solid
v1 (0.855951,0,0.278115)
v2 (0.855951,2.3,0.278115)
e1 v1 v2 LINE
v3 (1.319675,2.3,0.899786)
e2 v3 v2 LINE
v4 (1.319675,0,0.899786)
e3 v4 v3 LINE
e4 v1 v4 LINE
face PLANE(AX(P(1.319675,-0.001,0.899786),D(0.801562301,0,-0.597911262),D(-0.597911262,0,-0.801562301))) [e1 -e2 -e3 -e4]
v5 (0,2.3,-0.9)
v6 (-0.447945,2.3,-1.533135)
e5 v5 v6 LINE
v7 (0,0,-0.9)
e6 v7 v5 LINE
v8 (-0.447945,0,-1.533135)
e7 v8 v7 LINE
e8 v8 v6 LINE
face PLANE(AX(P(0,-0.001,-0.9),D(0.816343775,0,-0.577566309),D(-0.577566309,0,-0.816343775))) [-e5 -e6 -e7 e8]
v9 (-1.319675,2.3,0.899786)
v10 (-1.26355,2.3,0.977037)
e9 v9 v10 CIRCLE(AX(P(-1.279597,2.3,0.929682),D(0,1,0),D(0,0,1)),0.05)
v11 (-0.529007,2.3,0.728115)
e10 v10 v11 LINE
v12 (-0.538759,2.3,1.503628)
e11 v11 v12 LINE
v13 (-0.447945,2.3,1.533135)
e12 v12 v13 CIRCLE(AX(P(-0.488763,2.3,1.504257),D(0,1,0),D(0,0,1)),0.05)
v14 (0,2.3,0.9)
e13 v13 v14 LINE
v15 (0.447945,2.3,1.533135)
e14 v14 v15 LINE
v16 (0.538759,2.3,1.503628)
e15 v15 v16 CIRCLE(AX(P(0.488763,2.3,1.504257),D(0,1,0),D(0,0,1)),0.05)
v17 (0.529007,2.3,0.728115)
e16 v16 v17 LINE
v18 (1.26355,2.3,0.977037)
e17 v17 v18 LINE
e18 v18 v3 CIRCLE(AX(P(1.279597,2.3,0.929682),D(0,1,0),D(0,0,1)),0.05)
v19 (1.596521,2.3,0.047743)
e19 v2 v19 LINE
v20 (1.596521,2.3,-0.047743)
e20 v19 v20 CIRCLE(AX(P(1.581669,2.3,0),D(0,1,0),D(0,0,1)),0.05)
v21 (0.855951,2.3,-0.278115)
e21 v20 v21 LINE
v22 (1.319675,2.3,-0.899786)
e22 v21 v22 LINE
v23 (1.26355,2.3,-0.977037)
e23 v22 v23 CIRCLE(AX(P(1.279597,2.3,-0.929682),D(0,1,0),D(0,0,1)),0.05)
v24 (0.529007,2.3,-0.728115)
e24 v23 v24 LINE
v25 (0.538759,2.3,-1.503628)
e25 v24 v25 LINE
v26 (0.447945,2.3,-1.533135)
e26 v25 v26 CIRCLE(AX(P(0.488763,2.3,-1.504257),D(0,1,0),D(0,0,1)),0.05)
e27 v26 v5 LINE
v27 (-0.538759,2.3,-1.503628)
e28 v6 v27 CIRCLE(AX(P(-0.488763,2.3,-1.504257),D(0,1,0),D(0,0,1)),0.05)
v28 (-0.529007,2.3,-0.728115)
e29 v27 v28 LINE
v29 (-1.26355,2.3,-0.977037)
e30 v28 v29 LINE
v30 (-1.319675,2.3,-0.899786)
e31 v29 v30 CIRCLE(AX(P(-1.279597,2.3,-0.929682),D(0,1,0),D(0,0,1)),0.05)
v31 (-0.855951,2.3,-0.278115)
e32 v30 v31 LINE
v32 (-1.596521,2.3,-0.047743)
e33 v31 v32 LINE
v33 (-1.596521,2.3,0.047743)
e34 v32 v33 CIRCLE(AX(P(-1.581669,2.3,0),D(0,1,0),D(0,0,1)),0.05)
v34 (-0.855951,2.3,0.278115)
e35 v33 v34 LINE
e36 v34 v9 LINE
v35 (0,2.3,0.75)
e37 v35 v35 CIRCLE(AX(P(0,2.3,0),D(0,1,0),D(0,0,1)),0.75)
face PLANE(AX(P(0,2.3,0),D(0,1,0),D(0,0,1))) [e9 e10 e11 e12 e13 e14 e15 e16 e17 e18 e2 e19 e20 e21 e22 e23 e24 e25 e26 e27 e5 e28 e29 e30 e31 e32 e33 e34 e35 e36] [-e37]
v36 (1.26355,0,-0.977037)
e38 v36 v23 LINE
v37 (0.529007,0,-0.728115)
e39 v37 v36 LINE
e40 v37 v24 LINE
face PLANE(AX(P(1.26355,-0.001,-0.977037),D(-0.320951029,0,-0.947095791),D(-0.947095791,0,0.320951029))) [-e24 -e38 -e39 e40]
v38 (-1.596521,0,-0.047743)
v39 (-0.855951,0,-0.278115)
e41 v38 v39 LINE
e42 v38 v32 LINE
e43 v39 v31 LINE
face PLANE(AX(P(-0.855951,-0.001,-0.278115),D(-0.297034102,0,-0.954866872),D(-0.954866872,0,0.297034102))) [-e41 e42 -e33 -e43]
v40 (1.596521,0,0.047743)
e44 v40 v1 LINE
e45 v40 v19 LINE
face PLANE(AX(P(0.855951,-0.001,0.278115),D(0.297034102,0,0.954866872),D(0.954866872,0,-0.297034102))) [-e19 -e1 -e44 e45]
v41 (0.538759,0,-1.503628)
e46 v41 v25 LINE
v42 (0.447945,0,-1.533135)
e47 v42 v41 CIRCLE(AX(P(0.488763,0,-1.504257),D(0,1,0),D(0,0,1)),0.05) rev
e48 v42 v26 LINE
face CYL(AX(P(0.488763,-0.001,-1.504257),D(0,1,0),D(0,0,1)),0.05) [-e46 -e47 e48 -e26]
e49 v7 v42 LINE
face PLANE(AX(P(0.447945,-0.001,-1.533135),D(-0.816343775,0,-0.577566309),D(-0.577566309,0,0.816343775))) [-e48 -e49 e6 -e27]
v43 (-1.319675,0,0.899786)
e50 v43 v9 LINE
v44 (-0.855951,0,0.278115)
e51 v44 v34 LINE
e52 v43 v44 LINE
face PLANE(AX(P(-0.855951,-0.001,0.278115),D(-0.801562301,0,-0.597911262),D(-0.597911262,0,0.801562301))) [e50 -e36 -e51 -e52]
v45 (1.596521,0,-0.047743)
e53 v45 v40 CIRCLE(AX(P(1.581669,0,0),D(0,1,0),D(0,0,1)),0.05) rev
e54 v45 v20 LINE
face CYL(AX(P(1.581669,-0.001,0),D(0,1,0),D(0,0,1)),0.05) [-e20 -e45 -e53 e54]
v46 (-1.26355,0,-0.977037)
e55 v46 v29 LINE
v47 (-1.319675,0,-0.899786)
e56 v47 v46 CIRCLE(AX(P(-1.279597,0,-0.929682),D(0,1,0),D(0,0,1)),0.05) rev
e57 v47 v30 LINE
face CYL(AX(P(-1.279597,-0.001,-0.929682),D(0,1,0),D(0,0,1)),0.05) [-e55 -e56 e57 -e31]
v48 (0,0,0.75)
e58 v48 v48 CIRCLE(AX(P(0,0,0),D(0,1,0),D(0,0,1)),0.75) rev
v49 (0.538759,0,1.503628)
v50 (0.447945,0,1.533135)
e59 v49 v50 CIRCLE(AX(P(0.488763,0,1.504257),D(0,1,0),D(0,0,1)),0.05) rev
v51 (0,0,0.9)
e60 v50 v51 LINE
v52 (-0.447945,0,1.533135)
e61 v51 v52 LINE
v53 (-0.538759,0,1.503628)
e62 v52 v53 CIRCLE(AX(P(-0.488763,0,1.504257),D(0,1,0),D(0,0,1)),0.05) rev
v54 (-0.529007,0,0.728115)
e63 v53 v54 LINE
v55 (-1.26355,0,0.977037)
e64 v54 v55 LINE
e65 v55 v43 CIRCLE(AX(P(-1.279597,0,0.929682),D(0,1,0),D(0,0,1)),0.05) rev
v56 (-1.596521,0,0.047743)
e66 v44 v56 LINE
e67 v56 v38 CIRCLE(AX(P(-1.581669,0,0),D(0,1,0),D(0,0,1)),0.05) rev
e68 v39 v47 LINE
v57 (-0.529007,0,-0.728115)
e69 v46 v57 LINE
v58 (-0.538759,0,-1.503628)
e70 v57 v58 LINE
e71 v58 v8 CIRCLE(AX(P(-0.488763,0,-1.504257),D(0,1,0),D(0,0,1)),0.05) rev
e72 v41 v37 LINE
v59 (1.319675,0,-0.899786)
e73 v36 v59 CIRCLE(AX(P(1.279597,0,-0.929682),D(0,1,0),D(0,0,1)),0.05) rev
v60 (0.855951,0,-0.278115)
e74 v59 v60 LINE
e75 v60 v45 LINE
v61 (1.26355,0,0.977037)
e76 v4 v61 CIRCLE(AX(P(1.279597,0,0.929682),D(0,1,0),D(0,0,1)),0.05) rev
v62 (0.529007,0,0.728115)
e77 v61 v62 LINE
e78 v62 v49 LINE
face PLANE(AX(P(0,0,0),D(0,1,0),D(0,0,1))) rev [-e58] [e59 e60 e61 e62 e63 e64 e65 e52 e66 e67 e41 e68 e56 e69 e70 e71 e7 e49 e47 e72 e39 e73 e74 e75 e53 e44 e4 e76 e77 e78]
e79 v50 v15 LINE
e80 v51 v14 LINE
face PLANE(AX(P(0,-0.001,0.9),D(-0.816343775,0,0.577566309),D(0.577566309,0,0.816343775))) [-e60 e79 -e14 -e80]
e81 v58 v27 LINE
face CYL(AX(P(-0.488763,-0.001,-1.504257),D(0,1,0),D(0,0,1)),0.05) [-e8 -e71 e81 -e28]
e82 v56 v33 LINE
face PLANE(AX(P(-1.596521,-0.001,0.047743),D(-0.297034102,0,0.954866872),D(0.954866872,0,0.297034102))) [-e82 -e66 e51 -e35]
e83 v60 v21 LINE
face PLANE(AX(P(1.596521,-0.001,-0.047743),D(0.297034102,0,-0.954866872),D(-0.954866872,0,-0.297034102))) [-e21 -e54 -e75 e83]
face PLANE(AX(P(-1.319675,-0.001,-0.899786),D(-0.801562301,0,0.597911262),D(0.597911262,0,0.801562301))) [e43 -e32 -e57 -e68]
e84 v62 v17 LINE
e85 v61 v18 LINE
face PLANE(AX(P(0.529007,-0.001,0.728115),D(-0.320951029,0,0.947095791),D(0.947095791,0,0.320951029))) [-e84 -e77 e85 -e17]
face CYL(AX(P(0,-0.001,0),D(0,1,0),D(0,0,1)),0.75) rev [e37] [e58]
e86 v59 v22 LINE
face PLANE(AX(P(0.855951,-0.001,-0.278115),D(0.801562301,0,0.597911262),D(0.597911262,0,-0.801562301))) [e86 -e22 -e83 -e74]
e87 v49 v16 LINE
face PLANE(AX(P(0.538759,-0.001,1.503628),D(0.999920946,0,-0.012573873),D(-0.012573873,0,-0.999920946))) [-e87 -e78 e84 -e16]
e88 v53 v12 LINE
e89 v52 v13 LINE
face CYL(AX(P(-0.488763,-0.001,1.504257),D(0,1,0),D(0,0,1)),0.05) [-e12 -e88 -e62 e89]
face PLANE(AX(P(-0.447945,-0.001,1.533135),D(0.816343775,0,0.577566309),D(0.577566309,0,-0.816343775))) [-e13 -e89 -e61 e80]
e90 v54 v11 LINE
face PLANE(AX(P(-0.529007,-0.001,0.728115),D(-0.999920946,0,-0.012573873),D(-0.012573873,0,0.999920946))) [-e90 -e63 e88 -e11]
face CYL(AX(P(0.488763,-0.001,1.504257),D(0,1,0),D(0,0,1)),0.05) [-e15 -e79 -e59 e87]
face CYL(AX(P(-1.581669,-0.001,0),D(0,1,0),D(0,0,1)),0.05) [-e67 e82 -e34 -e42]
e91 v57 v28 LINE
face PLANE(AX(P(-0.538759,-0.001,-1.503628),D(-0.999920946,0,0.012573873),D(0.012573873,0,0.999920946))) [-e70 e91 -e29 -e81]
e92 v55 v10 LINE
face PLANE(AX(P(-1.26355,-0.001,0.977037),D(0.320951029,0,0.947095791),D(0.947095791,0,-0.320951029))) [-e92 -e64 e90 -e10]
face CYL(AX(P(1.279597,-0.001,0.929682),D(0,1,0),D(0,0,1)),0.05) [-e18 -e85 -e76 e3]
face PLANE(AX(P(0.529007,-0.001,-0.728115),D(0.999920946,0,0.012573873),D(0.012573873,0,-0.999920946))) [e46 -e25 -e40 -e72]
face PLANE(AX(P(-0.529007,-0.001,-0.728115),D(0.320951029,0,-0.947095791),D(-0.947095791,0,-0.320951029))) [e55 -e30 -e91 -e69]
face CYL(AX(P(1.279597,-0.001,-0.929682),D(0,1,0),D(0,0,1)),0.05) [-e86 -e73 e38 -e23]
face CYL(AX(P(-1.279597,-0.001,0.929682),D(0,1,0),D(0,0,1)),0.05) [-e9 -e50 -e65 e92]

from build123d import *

# Parameters (mm, degrees)
SKETCH_1_R          = 1.75
EXTRUDE_1_DEPTH     = 2.3
SKETCH_2_OUTSIDE_W  = 6.592
SKETCH_2_OUTSIDE_H  = 6.592
SKETCH_2_OUTSIDE_R  = 0.75
CUT_EXTRUDE_2_DEPTH = 2.3


with BuildPart() as part:
    # 草圖1 → 伸長1 (new body)
    with BuildSketch(Plane(origin=(0, 0, 0), x_dir=(1, 0, 0), z_dir=(0, 1, 0))):
        with Locations(Location((0, 0, 0), (0, 0, 270))):
            Circle(SKETCH_1_R)
    extrude(amount=EXTRUDE_1_DEPTH)

    # 草圖2 outside → 伸長2 (cut)
    # profile 1 of 2: a face of its own
    with BuildSketch(Plane(origin=(0, 2.3, 0), x_dir=(1, 0, 0), z_dir=(0, 1, 0))):
        Rectangle(SKETCH_2_OUTSIDE_W, SKETCH_2_OUTSIDE_H)
        with BuildLine():
            Line((0.529006727, 0.728115295), (0.538758697, 1.503628067))
            ThreePointArc((0.538758697, 1.503628067), (0.504213499, 1.551809586), (0.447945461, 1.533135076))
            Line((0.447945461, 1.533135076), (0, 0.9))
            Line((0, 0.9), (-0.447945461, 1.533135076))
            ThreePointArc((-0.447945461, 1.533135076), (-0.504213499, 1.551809586), (-0.538758697, 1.503628067))
            Line((-0.538758697, 1.503628067), (-0.529006727, 0.728115295))
            Line((-0.529006727, 0.728115295), (-1.263549678, 0.977036595))
            ThreePointArc((-1.263549678, 0.977036595), (-1.320048079, 0.959071069), (-1.319675344, 0.899786243))
            Line((-1.319675344, 0.899786243), (-0.855950865, 0.278115295))
            Line((-0.855950865, 0.278115295), (-1.596520864, 0.047743344))
            ThreePointArc((-1.596520864, 0.047743344), (-1.631669159, 0), (-1.596520864, -0.047743344))
            Line((-1.596520864, -0.047743344), (-0.855950865, -0.278115295))
            Line((-0.855950865, -0.278115295), (-1.319675344, -0.899786243))
            ThreePointArc((-1.319675344, -0.899786243), (-1.320048079, -0.959071069), (-1.263549678, -0.977036595))
            Line((-1.263549678, -0.977036595), (-0.529006727, -0.728115295))
            Line((-0.529006727, -0.728115295), (-0.538758697, -1.503628067))
            ThreePointArc((-0.538758697, -1.503628067), (-0.504213499, -1.551809586), (-0.447945461, -1.533135076))
            Line((-0.447945461, -1.533135076), (0, -0.9))
            Line((0, -0.9), (0.447945461, -1.533135076))
            ThreePointArc((0.447945461, -1.533135076), (0.504213499, -1.551809586), (0.538758697, -1.503628067))
            Line((0.538758697, -1.503628067), (0.529006727, -0.728115295))
            Line((0.529006727, -0.728115295), (1.263549678, -0.977036595))
            ThreePointArc((1.263549678, -0.977036595), (1.320048079, -0.959071069), (1.319675344, -0.899786243))
            Line((1.319675344, -0.899786243), (0.855950865, -0.278115295))
            Line((0.855950865, -0.278115295), (1.596520864, -0.047743344))
            ThreePointArc((1.596520864, -0.047743344), (1.631669159, 0), (1.596520864, 0.047743344))
            Line((1.596520864, 0.047743344), (0.855950865, 0.278115295))
            Line((0.855950865, 0.278115295), (1.319675344, 0.899786243))
            ThreePointArc((1.319675344, 0.899786243), (1.320048079, 0.959071069), (1.263549678, 0.977036595))
            Line((1.263549678, 0.977036595), (0.529006727, 0.728115295))
        make_face(mode=Mode.SUBTRACT)
    # profile 2 of 2: a face of its own
    with BuildSketch(Plane(origin=(0, 2.3, 0), x_dir=(1, 0, 0), z_dir=(0, 1, 0))):
        with Locations(Location((0, 0, 0), (0, 0, 270))):
            Circle(SKETCH_2_OUTSIDE_R)
    extrude(amount=-CUT_EXTRUDE_2_DEPTH, mode=Mode.SUBTRACT)


solid = part.part
